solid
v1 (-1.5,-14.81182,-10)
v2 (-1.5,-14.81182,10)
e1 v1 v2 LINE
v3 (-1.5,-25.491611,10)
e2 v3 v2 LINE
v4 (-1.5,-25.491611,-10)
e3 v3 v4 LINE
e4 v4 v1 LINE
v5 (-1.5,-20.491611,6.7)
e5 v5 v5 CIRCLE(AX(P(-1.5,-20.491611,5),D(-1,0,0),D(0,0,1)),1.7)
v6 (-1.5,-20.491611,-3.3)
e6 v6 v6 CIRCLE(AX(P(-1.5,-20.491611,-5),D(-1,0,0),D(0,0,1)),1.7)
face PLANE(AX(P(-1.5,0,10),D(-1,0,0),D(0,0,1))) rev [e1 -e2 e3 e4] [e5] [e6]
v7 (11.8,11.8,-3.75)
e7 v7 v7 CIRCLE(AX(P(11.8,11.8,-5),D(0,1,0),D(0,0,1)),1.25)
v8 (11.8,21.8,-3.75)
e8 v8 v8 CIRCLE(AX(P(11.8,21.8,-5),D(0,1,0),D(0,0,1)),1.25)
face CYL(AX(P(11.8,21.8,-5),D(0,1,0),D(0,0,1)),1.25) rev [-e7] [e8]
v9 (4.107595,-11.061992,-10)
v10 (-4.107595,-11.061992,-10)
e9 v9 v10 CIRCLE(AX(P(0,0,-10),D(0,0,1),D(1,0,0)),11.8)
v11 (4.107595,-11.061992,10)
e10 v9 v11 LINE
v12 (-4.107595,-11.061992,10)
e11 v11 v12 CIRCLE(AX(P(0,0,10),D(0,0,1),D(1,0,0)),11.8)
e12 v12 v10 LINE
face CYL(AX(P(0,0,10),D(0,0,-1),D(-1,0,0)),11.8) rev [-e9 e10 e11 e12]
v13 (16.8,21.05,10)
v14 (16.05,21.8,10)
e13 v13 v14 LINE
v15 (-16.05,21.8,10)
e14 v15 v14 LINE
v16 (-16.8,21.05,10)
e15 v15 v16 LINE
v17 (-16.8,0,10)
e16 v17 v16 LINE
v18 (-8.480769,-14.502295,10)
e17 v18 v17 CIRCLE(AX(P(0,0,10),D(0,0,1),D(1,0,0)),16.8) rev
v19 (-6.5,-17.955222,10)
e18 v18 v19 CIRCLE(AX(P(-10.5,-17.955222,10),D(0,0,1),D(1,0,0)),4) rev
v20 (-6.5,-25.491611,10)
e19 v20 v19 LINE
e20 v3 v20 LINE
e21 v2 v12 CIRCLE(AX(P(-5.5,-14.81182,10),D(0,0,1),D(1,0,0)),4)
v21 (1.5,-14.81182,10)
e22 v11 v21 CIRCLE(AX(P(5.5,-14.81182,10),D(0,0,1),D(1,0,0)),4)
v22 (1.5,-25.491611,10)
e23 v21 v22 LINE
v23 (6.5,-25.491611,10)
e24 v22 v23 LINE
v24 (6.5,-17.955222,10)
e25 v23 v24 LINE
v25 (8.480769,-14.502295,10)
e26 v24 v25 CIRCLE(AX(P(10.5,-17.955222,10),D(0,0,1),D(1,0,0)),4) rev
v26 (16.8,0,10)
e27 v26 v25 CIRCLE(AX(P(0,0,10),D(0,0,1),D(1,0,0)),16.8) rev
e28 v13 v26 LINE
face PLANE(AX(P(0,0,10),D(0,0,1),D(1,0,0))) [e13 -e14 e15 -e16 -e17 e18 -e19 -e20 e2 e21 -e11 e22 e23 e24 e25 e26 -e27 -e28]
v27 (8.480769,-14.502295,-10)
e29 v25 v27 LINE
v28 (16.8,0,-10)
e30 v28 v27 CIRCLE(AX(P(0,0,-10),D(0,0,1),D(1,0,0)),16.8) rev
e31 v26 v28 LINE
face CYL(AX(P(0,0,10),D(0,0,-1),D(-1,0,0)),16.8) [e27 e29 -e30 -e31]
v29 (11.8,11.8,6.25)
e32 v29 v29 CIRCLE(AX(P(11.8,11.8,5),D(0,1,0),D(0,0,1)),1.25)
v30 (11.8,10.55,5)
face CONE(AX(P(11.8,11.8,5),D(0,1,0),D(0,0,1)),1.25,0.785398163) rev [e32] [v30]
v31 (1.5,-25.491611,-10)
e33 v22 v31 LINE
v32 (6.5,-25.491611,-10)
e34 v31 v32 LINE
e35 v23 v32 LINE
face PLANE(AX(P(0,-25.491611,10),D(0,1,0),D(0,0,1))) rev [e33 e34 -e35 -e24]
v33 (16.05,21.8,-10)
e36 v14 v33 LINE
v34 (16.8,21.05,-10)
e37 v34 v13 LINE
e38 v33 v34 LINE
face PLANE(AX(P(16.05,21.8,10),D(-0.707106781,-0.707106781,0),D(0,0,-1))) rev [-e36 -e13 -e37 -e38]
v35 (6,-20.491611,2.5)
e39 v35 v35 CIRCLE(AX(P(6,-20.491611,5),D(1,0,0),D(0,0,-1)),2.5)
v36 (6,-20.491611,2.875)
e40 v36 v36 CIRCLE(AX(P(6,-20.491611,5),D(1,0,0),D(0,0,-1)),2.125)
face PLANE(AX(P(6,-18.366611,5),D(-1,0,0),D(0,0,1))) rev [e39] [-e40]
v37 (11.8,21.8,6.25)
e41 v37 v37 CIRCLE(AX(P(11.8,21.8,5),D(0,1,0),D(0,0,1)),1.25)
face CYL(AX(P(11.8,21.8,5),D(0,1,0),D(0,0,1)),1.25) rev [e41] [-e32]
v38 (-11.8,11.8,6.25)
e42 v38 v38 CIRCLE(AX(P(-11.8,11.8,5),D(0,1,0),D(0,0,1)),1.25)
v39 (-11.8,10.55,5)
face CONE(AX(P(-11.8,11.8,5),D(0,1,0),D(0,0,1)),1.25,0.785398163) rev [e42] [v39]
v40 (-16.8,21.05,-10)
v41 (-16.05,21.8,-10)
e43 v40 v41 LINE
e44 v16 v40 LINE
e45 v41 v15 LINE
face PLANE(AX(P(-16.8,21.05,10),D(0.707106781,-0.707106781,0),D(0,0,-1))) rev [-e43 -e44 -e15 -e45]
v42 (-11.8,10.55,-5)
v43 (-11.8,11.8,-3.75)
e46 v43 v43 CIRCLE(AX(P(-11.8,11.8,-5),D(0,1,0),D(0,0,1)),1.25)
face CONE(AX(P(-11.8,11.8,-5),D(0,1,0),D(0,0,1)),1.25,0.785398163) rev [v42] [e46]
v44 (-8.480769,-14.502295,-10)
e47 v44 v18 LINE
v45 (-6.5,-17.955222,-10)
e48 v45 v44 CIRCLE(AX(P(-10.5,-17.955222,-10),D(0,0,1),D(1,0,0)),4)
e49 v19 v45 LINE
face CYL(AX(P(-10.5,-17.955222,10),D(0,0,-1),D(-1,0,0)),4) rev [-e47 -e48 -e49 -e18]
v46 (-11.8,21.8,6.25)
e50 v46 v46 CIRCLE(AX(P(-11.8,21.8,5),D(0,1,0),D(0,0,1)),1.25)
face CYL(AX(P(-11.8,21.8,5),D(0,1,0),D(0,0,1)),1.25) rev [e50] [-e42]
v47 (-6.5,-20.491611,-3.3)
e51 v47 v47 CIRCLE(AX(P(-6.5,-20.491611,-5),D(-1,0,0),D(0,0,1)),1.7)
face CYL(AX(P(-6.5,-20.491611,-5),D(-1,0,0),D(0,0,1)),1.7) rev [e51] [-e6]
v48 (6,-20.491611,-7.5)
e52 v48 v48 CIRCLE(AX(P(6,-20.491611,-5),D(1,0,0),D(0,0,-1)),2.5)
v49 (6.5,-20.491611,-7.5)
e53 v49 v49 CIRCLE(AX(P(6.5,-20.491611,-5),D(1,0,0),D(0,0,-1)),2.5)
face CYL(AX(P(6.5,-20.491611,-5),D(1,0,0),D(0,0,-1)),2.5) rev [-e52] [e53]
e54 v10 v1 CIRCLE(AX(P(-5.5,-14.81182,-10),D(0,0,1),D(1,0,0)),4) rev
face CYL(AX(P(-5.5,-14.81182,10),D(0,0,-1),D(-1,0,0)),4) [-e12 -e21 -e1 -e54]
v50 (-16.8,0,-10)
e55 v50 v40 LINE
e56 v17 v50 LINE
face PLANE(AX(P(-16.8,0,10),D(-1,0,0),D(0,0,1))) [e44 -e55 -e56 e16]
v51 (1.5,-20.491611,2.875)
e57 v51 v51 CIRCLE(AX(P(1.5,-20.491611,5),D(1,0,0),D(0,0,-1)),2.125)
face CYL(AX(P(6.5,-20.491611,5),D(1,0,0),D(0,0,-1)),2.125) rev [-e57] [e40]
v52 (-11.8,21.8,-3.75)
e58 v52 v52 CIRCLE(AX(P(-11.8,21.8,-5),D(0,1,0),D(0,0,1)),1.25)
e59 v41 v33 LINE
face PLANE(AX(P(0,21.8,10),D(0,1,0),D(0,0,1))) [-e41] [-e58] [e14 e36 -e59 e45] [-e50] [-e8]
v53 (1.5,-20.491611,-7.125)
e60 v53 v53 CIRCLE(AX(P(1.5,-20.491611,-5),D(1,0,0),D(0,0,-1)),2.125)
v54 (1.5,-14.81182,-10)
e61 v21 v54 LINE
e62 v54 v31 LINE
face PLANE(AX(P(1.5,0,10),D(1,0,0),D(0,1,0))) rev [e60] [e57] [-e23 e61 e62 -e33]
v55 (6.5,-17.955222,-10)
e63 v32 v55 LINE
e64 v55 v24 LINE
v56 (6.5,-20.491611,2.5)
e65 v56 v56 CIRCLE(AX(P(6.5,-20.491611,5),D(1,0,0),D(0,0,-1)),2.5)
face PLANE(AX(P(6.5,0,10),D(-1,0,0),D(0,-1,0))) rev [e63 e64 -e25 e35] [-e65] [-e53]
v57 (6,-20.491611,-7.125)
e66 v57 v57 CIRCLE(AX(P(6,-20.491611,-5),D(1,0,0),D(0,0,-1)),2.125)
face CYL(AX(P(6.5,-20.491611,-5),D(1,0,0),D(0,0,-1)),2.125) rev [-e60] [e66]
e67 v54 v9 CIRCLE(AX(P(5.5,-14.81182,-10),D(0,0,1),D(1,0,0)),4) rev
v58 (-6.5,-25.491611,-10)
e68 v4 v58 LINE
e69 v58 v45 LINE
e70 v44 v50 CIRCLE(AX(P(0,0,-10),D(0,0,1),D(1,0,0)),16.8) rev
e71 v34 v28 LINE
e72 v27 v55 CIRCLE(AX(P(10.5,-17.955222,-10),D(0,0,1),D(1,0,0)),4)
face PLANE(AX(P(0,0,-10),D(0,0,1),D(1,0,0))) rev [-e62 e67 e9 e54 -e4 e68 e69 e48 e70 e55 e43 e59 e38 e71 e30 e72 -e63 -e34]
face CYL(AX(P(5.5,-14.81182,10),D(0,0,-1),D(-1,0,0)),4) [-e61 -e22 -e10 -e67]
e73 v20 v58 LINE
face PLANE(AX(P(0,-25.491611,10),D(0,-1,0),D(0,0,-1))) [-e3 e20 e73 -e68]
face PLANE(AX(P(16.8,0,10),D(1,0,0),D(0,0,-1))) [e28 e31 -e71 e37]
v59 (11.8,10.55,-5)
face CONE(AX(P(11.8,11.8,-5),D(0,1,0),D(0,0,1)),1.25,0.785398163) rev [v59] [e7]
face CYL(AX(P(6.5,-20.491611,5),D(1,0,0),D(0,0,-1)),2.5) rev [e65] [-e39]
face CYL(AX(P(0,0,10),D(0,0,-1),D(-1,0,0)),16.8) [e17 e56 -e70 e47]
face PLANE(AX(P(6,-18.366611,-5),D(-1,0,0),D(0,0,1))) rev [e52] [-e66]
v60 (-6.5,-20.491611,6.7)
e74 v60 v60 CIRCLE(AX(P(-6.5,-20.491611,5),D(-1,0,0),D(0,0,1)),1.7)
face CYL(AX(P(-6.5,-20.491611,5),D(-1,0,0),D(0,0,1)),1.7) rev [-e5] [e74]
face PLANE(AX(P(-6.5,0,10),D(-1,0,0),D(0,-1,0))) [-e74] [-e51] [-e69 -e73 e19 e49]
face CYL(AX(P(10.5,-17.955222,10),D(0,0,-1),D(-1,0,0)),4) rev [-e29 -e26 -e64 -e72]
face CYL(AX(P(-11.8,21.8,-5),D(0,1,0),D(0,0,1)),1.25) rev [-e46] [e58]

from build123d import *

# Parameters (mm, degrees)
BOSS_EXTRUDE1_DEPTH                              = 10
F_2_5_2_5_DIAMETER_HOLE1_D                       = 2.5
F_2_5_2_5_DIAMETER_HOLE1_DEPTH                   = 10
F_2_5_2_5_DIAMETER_HOLE1_TIP                     = 1.25
CBORE_FOR_M5_HEX_HEAD_MACHINE_SCREW2_D           = 4.25
CBORE_FOR_M5_HEX_HEAD_MACHINE_SCREW2_DEPTH       = 5
CBORE_FOR_M5_HEX_HEAD_MACHINE_SCREW2_CBORE_D     = 5
CBORE_FOR_M5_HEX_HEAD_MACHINE_SCREW2_CBORE_DEPTH = 0.5
CBORE_FOR_M5_HEX_HEAD_MACHINE_SCREW2_TIP         = 1.276828815
M3_CLEARANCE_HOLE1_D                             = 3.4
M3_CLEARANCE_HOLE1_DEPTH                         = 5
M3_CLEARANCE_HOLE1_TIP                           = 1.021463052
FILLET1_R                                        = 4
CHAMFER1_SIZE                                    = 0.75


with BuildPart() as part:
    # Sketch1 → Boss-Extrude1 (new, symmetric)
    with BuildSketch(Plane.XY):
        with BuildLine():
            Line((6.5, -25.491610633), (6.5, -15.491610633))
            ThreePointArc((6.5, -15.491610633), (4.047863744, -16.305054404), (1.5, -16.732901721))
            Line((1.5, -16.732901721), (1.5, -25.491610633))
            Line((1.5, -25.491610633), (6.5, -25.491610633))
        make_face()
        with BuildLine():
            ThreePointArc((-1.5, -16.732901721), (-4.047863744, -16.305054404), (-6.5, -15.491610633))
            Line((-6.5, -15.491610633), (-6.5, -25.491610633))
            Line((-6.5, -25.491610633), (-1.5, -25.491610633))
            Line((-1.5, -25.491610633), (-1.5, -16.732901721))
        make_face()
        with BuildLine():
            Line((-16.8, 21.8), (-16.8, 0))
            ThreePointArc((-16.8, 0), (-13.989996426, -9.301612763), (-6.5, -15.491610633))
            ThreePointArc((-6.5, -15.491610633), (-4.047863744, -16.305054404), (-1.5, -16.732901721))
            Line((-1.5, -16.732901721), (-1.5, -11.704272724))
            ThreePointArc((-1.5, -11.704272724), (-7.795511529, 8.858329414), (11.8, 0))
            ThreePointArc((11.8, 0), (8.858329414, -7.795511529), (1.5, -11.704272724))
            Line((1.5, -11.704272724), (1.5, -16.732901721))
            ThreePointArc((1.5, -16.732901721), (4.047863744, -16.305054404), (6.5, -15.491610633))
            ThreePointArc((6.5, -15.491610633), (13.989996426, -9.301612763), (16.8, 0))
            Line((16.8, 0), (16.8, 21.8))
            Line((16.8, 21.8), (-16.8, 21.8))
        make_face()
    extrude(amount=BOSS_EXTRUDE1_DEPTH, both=True)

    # Ø2.5 (2.5) Diameter Hole1
    with Locations(Plane(origin=(0, 21.8, 0), x_dir=(1, 0, 0), z_dir=(0, 1, 0))):
        with Locations((-11.8, -5), (-11.8, 5), (11.8, 5), (11.8, -5)):
            Hole(F_2_5_2_5_DIAMETER_HOLE1_D / 2, depth=F_2_5_2_5_DIAMETER_HOLE1_DEPTH)
            with Locations((0, 0, -(F_2_5_2_5_DIAMETER_HOLE1_DEPTH + F_2_5_2_5_DIAMETER_HOLE1_TIP / 2))):  # 90° drill point
                Cone(0, F_2_5_2_5_DIAMETER_HOLE1_D / 2, F_2_5_2_5_DIAMETER_HOLE1_TIP, mode=Mode.SUBTRACT)

    # CBORE for M5 Hex Head Machine Screw2
    with Locations(Plane(origin=(6.5, 0, 0), x_dir=(0, 0, -1), z_dir=(1, 0, 0))):
        with Locations((5, -20.491610633), (-5, -20.491610633)):
            CounterBoreHole(CBORE_FOR_M5_HEX_HEAD_MACHINE_SCREW2_D / 2, CBORE_FOR_M5_HEX_HEAD_MACHINE_SCREW2_CBORE_D / 2, CBORE_FOR_M5_HEX_HEAD_MACHINE_SCREW2_CBORE_DEPTH, depth=CBORE_FOR_M5_HEX_HEAD_MACHINE_SCREW2_DEPTH)
            with Locations((0, 0, -(CBORE_FOR_M5_HEX_HEAD_MACHINE_SCREW2_DEPTH + CBORE_FOR_M5_HEX_HEAD_MACHINE_SCREW2_TIP / 2))):  # 118° drill point
                Cone(0, CBORE_FOR_M5_HEX_HEAD_MACHINE_SCREW2_D / 2, CBORE_FOR_M5_HEX_HEAD_MACHINE_SCREW2_TIP, mode=Mode.SUBTRACT)

    # M3 Clearance Hole1
    with Locations(Plane.ZY.offset(6.5)):
        with Locations((-5, -20.491610633), (5, -20.491610633)):
            Hole(M3_CLEARANCE_HOLE1_D / 2, depth=M3_CLEARANCE_HOLE1_DEPTH)
            with Locations((0, 0, -(M3_CLEARANCE_HOLE1_DEPTH + M3_CLEARANCE_HOLE1_TIP / 2))):  # 118° drill point
                Cone(0, M3_CLEARANCE_HOLE1_D / 2, M3_CLEARANCE_HOLE1_TIP, mode=Mode.SUBTRACT)

    # Fillet1
    fillet1_edges = [part.edges().sort_by_distance(p)[0] for p in [
        (1.5, -11.704272724, 0),
        (-1.5, -11.704272724, 0),
        (-6.5, -15.491610633, 0),
        (6.5, -15.491610633, 0),
    ]]
    fillet(fillet1_edges, radius=FILLET1_R)

    # Chamfer1
    chamfer1_edges = [part.edges().sort_by_distance(p)[0] for p in [
        (-16.8, 21.8, 0),
        (16.8, 21.8, 0),
    ]]
    chamfer(chamfer1_edges, length=CHAMFER1_SIZE)


solid = part.part
